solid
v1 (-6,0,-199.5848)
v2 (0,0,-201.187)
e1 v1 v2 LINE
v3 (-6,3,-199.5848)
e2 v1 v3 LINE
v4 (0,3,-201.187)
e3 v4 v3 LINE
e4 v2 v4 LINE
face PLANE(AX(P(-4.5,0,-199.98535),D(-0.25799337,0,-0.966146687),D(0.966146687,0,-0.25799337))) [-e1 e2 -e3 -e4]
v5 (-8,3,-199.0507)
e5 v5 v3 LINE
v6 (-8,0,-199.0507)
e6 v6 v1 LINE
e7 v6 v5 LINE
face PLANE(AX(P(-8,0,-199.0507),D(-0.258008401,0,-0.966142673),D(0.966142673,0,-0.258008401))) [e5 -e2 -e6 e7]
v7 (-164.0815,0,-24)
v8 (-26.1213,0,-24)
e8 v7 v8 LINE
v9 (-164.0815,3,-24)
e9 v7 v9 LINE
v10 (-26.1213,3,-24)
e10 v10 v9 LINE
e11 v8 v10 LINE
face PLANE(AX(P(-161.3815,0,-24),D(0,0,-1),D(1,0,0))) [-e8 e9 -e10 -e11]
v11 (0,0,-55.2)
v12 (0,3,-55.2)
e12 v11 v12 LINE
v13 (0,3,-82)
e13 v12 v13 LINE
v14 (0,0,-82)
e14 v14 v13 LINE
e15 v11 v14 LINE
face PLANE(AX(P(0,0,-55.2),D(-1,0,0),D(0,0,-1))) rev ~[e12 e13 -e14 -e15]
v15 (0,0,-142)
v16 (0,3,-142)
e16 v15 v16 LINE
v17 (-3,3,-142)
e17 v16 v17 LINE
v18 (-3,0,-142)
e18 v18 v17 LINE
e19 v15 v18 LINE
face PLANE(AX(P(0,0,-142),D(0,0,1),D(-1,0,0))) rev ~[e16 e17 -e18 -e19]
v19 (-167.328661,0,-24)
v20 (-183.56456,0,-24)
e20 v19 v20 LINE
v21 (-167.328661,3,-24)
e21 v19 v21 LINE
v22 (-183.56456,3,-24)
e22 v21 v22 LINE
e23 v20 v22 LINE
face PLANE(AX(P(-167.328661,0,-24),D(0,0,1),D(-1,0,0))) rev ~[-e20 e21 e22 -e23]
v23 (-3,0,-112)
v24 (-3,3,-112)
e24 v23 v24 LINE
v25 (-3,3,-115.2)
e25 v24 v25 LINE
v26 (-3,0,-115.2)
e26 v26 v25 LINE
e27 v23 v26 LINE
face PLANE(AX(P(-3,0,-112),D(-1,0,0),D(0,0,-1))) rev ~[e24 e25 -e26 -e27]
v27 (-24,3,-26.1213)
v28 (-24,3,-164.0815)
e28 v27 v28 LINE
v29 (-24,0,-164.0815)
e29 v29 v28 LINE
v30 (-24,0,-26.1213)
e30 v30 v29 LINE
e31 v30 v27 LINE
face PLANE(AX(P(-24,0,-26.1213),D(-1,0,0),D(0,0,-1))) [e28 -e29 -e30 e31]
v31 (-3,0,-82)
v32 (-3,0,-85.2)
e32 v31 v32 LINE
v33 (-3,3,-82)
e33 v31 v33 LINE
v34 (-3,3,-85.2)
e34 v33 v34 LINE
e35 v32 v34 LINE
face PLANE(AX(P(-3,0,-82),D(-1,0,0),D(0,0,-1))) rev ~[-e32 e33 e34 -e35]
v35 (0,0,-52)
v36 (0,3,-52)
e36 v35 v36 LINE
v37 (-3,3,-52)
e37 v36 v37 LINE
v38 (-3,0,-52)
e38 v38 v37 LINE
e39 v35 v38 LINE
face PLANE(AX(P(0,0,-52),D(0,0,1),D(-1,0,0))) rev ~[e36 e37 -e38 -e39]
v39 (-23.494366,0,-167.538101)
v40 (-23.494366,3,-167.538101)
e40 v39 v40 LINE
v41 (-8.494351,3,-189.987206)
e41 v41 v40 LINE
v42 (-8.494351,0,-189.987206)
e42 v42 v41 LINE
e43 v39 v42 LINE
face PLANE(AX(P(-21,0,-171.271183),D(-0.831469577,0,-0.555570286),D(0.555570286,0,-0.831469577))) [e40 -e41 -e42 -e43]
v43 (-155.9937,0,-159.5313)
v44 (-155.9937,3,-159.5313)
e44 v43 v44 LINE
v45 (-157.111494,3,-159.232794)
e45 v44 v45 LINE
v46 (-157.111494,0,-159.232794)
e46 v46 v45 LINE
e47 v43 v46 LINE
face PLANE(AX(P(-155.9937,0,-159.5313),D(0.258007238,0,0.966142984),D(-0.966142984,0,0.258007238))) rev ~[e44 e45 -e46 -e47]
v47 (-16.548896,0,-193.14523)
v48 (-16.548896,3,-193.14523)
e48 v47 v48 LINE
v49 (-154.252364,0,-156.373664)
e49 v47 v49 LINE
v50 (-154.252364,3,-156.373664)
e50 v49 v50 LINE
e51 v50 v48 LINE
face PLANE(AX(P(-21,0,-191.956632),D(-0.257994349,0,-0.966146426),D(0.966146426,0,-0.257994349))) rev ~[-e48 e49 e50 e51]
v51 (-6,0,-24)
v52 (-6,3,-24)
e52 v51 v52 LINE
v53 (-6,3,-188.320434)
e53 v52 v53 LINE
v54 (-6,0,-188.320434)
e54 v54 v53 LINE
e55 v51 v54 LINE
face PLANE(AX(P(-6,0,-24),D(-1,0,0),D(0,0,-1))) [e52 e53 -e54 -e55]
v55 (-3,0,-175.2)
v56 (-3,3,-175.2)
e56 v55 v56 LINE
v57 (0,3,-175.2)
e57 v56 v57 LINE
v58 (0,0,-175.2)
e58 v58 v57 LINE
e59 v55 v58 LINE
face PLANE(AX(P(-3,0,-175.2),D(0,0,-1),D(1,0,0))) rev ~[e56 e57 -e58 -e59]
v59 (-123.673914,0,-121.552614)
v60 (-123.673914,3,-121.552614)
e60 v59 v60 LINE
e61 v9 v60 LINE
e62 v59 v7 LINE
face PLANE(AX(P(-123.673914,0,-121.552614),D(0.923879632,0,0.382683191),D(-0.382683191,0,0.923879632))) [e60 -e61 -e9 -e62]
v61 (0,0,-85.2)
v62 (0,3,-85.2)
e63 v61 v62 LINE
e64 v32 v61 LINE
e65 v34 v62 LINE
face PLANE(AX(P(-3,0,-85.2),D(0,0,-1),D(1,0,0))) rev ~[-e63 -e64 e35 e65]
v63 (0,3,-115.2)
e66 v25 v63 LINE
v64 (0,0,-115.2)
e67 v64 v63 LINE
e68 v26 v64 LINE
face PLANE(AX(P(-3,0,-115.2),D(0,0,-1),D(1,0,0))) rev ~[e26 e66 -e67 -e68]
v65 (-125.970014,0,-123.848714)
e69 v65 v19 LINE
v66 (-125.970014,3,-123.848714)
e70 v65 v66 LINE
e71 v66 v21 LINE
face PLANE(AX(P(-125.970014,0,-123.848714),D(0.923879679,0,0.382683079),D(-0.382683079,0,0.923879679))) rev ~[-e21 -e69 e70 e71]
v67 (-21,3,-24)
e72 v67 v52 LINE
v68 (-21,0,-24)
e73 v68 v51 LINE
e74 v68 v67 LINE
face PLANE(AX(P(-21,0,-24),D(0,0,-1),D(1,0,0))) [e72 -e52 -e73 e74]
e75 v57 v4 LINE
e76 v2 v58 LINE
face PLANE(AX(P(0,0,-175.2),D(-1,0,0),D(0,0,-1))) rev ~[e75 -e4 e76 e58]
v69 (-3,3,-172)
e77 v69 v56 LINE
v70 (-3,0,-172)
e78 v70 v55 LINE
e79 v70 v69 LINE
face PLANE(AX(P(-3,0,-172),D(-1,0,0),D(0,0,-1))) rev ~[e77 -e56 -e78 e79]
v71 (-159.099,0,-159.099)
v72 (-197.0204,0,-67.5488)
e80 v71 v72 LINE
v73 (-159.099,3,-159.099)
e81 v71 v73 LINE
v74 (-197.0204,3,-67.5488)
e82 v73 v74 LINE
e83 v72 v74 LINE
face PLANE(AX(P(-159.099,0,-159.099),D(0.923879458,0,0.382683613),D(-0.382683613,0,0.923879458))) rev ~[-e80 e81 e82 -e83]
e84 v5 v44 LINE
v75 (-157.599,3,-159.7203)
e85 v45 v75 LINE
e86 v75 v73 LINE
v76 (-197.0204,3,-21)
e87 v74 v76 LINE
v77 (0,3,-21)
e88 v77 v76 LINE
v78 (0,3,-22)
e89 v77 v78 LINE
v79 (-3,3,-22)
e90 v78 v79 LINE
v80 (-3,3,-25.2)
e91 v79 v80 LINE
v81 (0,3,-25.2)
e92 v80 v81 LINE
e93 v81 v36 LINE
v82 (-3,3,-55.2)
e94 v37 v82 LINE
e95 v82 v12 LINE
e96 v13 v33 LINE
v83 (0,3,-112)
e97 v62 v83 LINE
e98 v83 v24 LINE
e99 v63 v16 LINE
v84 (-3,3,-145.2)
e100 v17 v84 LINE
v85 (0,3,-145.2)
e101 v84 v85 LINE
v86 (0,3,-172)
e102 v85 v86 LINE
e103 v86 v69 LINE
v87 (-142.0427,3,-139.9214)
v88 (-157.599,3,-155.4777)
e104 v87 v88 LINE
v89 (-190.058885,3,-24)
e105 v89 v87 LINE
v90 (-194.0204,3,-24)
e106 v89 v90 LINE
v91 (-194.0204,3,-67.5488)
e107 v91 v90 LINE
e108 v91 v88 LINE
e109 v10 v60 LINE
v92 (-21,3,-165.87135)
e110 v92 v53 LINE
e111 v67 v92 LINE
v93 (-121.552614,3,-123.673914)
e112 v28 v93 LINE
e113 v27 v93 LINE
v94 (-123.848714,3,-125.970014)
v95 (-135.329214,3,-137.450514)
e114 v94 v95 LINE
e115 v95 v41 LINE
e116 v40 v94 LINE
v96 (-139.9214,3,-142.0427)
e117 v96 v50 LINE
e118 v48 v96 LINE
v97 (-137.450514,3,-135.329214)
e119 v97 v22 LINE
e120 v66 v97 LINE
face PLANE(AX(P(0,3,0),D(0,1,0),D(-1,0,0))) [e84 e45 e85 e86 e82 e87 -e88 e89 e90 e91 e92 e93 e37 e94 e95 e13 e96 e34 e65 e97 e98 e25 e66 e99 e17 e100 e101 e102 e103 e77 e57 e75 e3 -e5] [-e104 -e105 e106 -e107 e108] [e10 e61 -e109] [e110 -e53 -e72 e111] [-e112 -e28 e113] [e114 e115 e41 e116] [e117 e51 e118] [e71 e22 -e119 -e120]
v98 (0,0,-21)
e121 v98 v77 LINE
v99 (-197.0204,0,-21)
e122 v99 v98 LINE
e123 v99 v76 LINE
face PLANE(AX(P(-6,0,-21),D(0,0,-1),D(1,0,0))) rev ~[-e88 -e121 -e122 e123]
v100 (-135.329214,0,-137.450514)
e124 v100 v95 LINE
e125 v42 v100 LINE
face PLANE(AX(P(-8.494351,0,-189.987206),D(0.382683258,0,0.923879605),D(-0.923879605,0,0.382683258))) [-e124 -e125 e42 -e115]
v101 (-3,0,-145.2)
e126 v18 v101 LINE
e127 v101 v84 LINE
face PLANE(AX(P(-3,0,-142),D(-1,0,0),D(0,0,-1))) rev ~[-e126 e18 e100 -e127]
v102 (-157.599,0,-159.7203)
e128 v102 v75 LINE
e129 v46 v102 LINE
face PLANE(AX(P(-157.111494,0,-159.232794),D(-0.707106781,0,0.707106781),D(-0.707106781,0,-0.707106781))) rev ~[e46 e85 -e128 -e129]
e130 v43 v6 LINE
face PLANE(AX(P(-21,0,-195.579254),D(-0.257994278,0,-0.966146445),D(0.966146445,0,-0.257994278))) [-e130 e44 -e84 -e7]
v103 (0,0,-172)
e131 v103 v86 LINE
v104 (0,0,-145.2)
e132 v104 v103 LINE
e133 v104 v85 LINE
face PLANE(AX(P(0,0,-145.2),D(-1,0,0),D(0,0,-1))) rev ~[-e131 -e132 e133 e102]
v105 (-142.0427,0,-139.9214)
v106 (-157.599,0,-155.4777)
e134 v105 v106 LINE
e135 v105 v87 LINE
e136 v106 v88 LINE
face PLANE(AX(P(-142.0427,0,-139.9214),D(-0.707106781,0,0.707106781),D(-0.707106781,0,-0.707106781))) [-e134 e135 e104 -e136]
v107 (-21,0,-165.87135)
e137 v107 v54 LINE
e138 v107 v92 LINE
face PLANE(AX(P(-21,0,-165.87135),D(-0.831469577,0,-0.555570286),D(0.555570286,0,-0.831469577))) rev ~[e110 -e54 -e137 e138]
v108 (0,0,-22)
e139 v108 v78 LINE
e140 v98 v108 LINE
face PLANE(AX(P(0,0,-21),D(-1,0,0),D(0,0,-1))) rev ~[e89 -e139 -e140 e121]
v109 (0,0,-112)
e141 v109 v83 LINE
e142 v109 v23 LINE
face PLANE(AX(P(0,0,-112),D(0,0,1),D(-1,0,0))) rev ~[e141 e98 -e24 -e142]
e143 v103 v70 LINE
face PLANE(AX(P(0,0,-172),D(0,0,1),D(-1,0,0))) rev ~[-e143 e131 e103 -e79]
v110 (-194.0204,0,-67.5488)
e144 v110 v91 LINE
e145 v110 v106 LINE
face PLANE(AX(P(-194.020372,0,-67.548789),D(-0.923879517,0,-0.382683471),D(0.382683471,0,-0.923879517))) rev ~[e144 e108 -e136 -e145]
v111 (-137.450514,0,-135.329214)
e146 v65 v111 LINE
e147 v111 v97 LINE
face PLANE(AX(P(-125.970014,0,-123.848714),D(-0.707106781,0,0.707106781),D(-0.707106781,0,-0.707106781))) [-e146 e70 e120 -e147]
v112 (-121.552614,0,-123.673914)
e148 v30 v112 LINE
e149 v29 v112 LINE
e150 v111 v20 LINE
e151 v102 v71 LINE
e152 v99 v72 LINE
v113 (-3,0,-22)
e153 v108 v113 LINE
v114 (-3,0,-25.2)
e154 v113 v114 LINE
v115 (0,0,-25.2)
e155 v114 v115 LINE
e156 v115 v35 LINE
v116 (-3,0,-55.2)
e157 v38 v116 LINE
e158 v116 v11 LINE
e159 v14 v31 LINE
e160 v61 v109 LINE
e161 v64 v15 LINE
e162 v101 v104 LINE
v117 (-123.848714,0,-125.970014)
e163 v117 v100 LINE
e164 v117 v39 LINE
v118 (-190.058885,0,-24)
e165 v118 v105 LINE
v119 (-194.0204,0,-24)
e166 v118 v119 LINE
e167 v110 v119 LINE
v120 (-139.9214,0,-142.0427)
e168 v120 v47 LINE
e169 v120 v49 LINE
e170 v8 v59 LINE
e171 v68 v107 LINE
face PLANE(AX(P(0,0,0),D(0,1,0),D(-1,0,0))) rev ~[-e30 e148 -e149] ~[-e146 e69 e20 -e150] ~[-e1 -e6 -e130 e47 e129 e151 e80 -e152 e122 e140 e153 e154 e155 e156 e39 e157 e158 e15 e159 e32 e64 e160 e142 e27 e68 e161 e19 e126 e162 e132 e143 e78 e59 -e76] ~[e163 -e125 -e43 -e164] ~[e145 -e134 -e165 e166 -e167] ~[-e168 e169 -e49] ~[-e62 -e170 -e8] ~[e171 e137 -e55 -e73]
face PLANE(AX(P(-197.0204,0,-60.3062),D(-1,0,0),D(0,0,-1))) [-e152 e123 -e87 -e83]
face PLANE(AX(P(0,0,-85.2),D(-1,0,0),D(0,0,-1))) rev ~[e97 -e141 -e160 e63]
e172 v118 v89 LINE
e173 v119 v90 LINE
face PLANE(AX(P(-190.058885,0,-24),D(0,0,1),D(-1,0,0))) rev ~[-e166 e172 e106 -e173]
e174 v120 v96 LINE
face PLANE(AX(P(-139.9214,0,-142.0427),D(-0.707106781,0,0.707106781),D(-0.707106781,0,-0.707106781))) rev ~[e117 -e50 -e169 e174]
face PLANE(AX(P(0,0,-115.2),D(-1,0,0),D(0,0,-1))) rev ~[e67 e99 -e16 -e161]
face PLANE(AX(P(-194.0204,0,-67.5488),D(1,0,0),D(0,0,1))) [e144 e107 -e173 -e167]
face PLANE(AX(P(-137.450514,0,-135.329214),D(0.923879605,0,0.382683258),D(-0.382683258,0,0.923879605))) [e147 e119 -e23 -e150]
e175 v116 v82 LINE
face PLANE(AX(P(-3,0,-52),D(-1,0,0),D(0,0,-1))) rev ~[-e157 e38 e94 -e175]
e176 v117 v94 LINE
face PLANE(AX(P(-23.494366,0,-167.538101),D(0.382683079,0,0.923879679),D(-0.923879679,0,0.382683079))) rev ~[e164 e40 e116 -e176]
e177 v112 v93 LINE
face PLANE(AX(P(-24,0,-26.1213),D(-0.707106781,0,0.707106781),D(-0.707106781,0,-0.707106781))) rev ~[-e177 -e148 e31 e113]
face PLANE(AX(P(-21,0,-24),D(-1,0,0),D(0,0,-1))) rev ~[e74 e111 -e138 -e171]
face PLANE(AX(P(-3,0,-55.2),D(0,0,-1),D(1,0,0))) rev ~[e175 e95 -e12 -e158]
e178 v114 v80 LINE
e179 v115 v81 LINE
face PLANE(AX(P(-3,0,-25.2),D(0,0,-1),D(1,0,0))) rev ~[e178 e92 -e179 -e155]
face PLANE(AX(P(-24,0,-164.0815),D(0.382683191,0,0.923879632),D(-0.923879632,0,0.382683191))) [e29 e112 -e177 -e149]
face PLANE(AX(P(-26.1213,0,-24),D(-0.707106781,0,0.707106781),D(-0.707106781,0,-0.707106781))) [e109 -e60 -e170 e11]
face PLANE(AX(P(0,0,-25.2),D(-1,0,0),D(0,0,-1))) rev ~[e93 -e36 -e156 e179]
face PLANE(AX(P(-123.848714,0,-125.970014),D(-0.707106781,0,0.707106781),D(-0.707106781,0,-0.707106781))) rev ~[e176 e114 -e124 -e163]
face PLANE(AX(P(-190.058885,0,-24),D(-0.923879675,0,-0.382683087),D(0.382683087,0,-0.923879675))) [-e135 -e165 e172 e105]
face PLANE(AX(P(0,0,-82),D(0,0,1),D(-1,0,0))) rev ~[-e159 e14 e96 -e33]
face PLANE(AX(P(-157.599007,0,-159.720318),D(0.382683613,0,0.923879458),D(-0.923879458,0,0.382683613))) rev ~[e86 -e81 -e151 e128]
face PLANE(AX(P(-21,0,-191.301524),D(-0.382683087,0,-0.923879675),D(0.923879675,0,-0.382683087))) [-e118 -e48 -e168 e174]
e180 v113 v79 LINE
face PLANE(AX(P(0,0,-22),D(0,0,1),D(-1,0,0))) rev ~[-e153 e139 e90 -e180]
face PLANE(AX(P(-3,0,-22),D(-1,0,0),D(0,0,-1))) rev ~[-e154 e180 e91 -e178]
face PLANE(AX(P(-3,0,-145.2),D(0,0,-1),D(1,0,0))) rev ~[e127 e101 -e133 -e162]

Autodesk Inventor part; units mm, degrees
ref_plane "YZ Plane" through (0, 0, 0) normal (1, 0, 0) x (0, 1, 0)
ref_plane "XZ Plane" through (0, 0, 0) normal (0, 1, 0) x (-1, 0, 0)
ref_plane "XY Plane" through (0, 0, 0) normal (0, 0, 1) x (1, 0, 0)
sketch "草圖1" plane through (0, 0, 0) normal (0, 1, 0) x (-1, 0, 0)
  line L0 (0, 0) -> (0, -200)
  line L1 (0, 0) -> (200, 0)
  line L2 (0, 0) -> (141.4214, -141.4214)
  line L3 (200, 0) -> (141.4214, -141.4214)
  line L4 (141.4214, -141.4214) -> (0, -200)
  line L5 (191.0204, -6) -> (6, -6)
  line L6 (6, -6) -> (6, -191.0204)
  line L7 (6, -191.0204) -> (136.8292, -136.8292)
  line L8 (136.8292, -136.8292) -> (191.0204, -6)
  line L9 (2.1213, 0) -> (142.0427, -139.9214)
  line L10 (0, -2.1213) -> (139.9214, -142.0427)
  line L11 (168.5713, -21) -> (21, -21)
  line L12 (21, -21) -> (21, -168.5713)
  line L13 (21, -168.5713) -> (125.3487, -125.3487)
  line L14 (125.3487, -125.3487) -> (168.5713, -21)
  line L15 (164.0815, -24) -> (24, -24)
  line L16 (24, -24) -> (24, -164.0815)
  line L17 (24, -164.0815) -> (123.0526, -123.0526)
  line L18 (123.0526, -123.0526) -> (164.0815, -24)
  line L19 (191.0204, -6) -> (168.5713, -21)
  line L20 (191.8537, -7.2472) -> (169.4046, -22.2472)
  line L21 (190.187, -4.7528) -> (167.7379, -19.7528)
  line L22 (167.7379, -19.7528) -> (161.3815, -24)
  line L23 (169.4046, -22.2472) -> (163.0482, -26.4944)
  line L24 (24, -164.0815) -> (6, -191.0204)
  line L25 (25.2472, -164.9148) -> (7.2472, -191.8537)
  line L26 (22.7528, -163.2481) -> (4.7528, -190.187)
  line L27 (175, 0) -> (171.8, 0)
  line L28 (171.8, 0) -> (171.8, -3)
  line L29 (171.8, -3) -> (175, -3)
  line L30 (175, -3) -> (175, 0)
  line L31 (141.8, -3) -> (145, -3)
  line L32 (141.8, 0) -> (141.8, -3)
  line L33 (145, -3) -> (145, 0)
  line L34 (111.8, -3) -> (115, -3)
  line L35 (111.8, 0) -> (111.8, -3)
  line L36 (115, -3) -> (115, 0)
  line L37 (81.8, -3) -> (85, -3)
  line L38 (81.8, 0) -> (81.8, -3)
  line L39 (85, -3) -> (85, 0)
  line L40 (51.8, -3) -> (55, -3)
  line L41 (51.8, 0) -> (51.8, -3)
  line L42 (55, -3) -> (55, 0)
  line L43 (21.8, -3) -> (25, -3)
  line L44 (21.8, 0) -> (21.8, -3)
  line L45 (25, -3) -> (25, 0)
  line L46 (0, -200) -> (0, -222)
  line L47 (0, -222) -> (156.9777, -156.9777)
  line L48 (200, 0) -> (222, 0)
  line L49 (141.4214, -141.4214) -> (156.9777, -156.9777)
  line L50 (222, 0) -> (156.9777, -156.9777)
  line L51 (197.0204, 0) -> (197.0204, -60.3062)
  line L52 (0, -222) -> (0, -225)
  line L53 (0, -225) -> (159.099, -159.099)
  line L54 (156.9777, -156.9777) -> (159.099, -159.099)
  line L55 (159.099, -159.099) -> (225, 0)
  line L56 (222, 0) -> (225, 0)
  line L57 (197.0204, -60.3062) -> (197.0204, -67.5488)
  line L58 (0, -200) -> (0, -222)
  line L59 (6, -197.5147) -> (6, -219.5147)
  line L60 (194.0204, -67.5488) -> (194.0204, -14.4361)
  line L61 (142.0427, -139.9214) -> (157.599, -155.4777)
  line L62 (139.9214, -142.0427) -> (157.599, -159.7203)
  line L63 (0, -22) -> (3, -22)
  line L64 (3, -22) -> (3, -25.2)
  line L65 (3, -25.2) -> (0, -25.2)
  line L66 (0, -25.2) -> (0, -22)
  line L67 (3, -52) -> (3, -55.2)
  line L68 (0, -52) -> (3, -52)
  line L69 (3, -55.2) -> (0, -55.2)
  line L70 (3, -82) -> (3, -85.2)
  line L71 (0, -82) -> (3, -82)
  line L72 (3, -85.2) -> (0, -85.2)
  line L73 (3, -112) -> (3, -115.2)
  line L74 (0, -112) -> (3, -112)
  line L75 (3, -115.2) -> (0, -115.2)
  line L76 (3, -142) -> (3, -145.2)
  line L77 (0, -142) -> (3, -142)
  line L78 (3, -145.2) -> (0, -145.2)
  line L79 (3, -172) -> (3, -175.2)
  line L80 (0, -172) -> (3, -172)
  line L81 (3, -175.2) -> (0, -175.2)
  line L82 (21, -21) -> (24, -21)
  line L83 (24, -21) -> (24, -6)
  line L84 (24, -6) -> (21, -6)
  line L85 (21, -6) -> (21, -21)
  line L86 (21, -168.5713) -> (21, -213.3015)
  line L87 (24, -164.0815) -> (24, -212.0589)
  line L88 (21, -213.3015) -> (21, -216.3015)
  line L89 (24, -212.0589) -> (24, -215.0589)
  line L90 (21, -6) -> (21, 0)
  line L91 (168.5713, -21) -> (213.3015, -21)
  line L92 (164.0815, -24) -> (212.0589, -24)
  line L93 (212.0589, -24) -> (215.0589, -24)
  line L94 (213.3015, -21) -> (216.3015, -21)
  line L95 (21, -21) -> (0, -21)
  line L96 (24, -24) -> (6, -24)
  line L97 (6, -197.5147) -> (155.4777, -157.599)
  line L98 (155.9937, -159.5313) -> (8, -199.0507)
  line L99 (8, -199.0507) -> (8, -219.5147)
  line L100 (155.0907, -156.1498) -> (4.5, -196.3627)
  line L101 (4.5, -196.3627) -> (4.5, -219.5147)
  line L102 (155.9937, -159.5313) -> (158.7857, -158.7857)
  line L103 (8, -199.0507) -> (6, -199.5848)
  line L104 (6, -199.5848) -> (0, -201.187)
  point P0 (8.1213, -6)
  point P1 (137.4505, -135.3292)
  point P2 (135.3292, -137.4505)
  point P3 (6, -8.1213)
  point P4 (121.5526, -123.6739)
  point P5 (24, -26.1213)
  point P6 (21, -23.1213)
  point P7 (123.8487, -125.97)
  point P8 (123.6739, -121.5526)
  point P9 (125.97, -123.8487)
  point P10 (23.1213, -21)
  point P11 (26.1213, -24)
  point P12 (21, -165.8714)
  point P13 (6, -188.3204)
  point P14 (8.4944, -189.9871)
  point P15 (23.4944, -167.5381)
  point P16 (188.3204, -6)
  point P17 (165.8714, -21)
  point P18 (167.5381, -23.4944)
  point P19 (189.9871, -8.4944)
  point P20 (171.8, 0)
  point P21 (141.8, 0)
  point P22 (111.8, 0)
  point P23 (81.8, 0)
  point P24 (51.8, 0)
  point P25 (21.8, 0)
  point P26 (156.9777, -156.9777)
  point P27 (197.0204, -7.1935)
  point P28 (157.5991, -156.7203)
  point P29 (0, -25.2)
  point P30 (0, -55.2)
  point P31 (0, -85.2)
  point P32 (0, -115.2)
  point P33 (0, -145.2)
  point P34 (0, -175.2)
  point P35 (167.3286, -24)
  point P36 (183.5645, -24)
  point P37 (190.0589, -24)
  point P38 (194.0204, -24)
  point P39 (197.0204, -21)
  point P40 (21, -24)
  point P41 (21, -21)
  point P42 (154.2524, -156.3737)
  point P43 (16.5488, -193.1453)
  point P44 (157.1115, -159.2328)
  point P45 (0, -201.187)
  dimension "d0" = 200
  dimension "d1" = 200
  dimension "d2" = 45
  dimension "d3" = 67.5
  dimension "d4" = 6
  dimension "d5" = 1.5
  dimension "d6" = 1.5
  dimension "d9" = 15
  dimension "d10" = 3
  dimension "d11" = 1.5
  dimension "d12" = 1.5
  dimension "d13" = 1.5
  dimension "d14" = 1.5
  dimension "d15" = 3
  dimension "d16" = 3.2
  dimension "d17" = 25
  dimension "d20" = 30
  dimension "d27" = 22
  dimension "d28" = 22
  dimension "d29" = 6
  dimension "d30" = 3
  dimension "d31" = 3
  dimension "d32" = 6
  dimension "d34" = 3
  dimension "d35" = 3
  dimension "d36" = 3.2
  dimension "d37" = 22
  dimension "d40" = 30
  dimension "d49" = 3
  dimension "d50" = 2
  dimension "d51" = 1.5
extrude "擠出1" add sketch "草圖1" along normal blind 3 contours L95 L6 L7 L86 L4 L100 L101 L0 L81 L79 L80 L78 L76 L77 L75 L73 L74 L72 L70 L71 L69 L67 L68 L65 L64 L63 | L11 L9 L15 L2 | L2 L96 L10 L12 | L12 L10 L95 | L95 L10 L12 L96 L6 | L15 L9 L18 L2 | L2 L17 L10 L16 | L16 L10 L96 | L11 L22 L15 L9 | L10 L96 L12 | L18 L9 L14 L2 | L2 L13 L10 L17 | L16 L24 L12 L96 L10 | L26 L12 L24 L6 | L14 L9 L8 L2 | L2 L7 L10 L13 | L10 L13 L87 L17 | L18 L23 L92 L14 L9 | L22 L11 L14 L23 L92 L15 | L87 L25 L13 L24 | L24 L86 L25 L7 | L8 L9 L3 L2 | L2 L4 L10 L7 | L18 L92 L23 | L13 L25 L86 | L87 L13 L25 | L91 L20 L23 L14 | L49 L47 L62 L4 | L3 L61 L50 L49 | L10 L4 L87 L7 | L8 L92 L3 L9 | L92 L23 L14 | L14 L23 L20 L91 L8 L92 | L7 L87 L4 L86 | L91 L3 L92 L8 | L54 L102 L62 L47 | L50 L57 L55 L54 | L91 L60 L92 L3 | L62 L97 L87 L100 | L62 L102 L98 L47 | L47 L98 L87 L97 | L54 L53 L62 L102 | L100 L86 L97 L4 | L4 L101 L100 | L100 L87 L97 L86 | L91 L51 L92 L60 | L92 L51 L50 L60 | L87 L98 L86 L97 | L59 L104 L101 L4 | L97 L86 L98 L103 L59 | L101 L104 L46 L4
sketch "草圖2" plane through (-3, 0, -25.2) normal (0, 0, 1) x (1, 0, 0)
  line L0 (0, 0) -> (0, 3) projected
  line L1 (-154.599, 3) -> (-156.099, 3) projected
  line L2 (0, 0) -> (-3, 0)
  line L3 (-3, 0) -> (-3, 3)
  line L4 (-3, 3) -> (0, 3)
  line L5 (0, 3) -> (0, 0)
  circle A0 centre (-1.5, 1.5) radius 2.1213
  point P0 (3, 0)
  point P1 (3, 3)
  dimension "d45" = 3
  dimension "d46" = 4.2426
properties part number "side_sail_2"
